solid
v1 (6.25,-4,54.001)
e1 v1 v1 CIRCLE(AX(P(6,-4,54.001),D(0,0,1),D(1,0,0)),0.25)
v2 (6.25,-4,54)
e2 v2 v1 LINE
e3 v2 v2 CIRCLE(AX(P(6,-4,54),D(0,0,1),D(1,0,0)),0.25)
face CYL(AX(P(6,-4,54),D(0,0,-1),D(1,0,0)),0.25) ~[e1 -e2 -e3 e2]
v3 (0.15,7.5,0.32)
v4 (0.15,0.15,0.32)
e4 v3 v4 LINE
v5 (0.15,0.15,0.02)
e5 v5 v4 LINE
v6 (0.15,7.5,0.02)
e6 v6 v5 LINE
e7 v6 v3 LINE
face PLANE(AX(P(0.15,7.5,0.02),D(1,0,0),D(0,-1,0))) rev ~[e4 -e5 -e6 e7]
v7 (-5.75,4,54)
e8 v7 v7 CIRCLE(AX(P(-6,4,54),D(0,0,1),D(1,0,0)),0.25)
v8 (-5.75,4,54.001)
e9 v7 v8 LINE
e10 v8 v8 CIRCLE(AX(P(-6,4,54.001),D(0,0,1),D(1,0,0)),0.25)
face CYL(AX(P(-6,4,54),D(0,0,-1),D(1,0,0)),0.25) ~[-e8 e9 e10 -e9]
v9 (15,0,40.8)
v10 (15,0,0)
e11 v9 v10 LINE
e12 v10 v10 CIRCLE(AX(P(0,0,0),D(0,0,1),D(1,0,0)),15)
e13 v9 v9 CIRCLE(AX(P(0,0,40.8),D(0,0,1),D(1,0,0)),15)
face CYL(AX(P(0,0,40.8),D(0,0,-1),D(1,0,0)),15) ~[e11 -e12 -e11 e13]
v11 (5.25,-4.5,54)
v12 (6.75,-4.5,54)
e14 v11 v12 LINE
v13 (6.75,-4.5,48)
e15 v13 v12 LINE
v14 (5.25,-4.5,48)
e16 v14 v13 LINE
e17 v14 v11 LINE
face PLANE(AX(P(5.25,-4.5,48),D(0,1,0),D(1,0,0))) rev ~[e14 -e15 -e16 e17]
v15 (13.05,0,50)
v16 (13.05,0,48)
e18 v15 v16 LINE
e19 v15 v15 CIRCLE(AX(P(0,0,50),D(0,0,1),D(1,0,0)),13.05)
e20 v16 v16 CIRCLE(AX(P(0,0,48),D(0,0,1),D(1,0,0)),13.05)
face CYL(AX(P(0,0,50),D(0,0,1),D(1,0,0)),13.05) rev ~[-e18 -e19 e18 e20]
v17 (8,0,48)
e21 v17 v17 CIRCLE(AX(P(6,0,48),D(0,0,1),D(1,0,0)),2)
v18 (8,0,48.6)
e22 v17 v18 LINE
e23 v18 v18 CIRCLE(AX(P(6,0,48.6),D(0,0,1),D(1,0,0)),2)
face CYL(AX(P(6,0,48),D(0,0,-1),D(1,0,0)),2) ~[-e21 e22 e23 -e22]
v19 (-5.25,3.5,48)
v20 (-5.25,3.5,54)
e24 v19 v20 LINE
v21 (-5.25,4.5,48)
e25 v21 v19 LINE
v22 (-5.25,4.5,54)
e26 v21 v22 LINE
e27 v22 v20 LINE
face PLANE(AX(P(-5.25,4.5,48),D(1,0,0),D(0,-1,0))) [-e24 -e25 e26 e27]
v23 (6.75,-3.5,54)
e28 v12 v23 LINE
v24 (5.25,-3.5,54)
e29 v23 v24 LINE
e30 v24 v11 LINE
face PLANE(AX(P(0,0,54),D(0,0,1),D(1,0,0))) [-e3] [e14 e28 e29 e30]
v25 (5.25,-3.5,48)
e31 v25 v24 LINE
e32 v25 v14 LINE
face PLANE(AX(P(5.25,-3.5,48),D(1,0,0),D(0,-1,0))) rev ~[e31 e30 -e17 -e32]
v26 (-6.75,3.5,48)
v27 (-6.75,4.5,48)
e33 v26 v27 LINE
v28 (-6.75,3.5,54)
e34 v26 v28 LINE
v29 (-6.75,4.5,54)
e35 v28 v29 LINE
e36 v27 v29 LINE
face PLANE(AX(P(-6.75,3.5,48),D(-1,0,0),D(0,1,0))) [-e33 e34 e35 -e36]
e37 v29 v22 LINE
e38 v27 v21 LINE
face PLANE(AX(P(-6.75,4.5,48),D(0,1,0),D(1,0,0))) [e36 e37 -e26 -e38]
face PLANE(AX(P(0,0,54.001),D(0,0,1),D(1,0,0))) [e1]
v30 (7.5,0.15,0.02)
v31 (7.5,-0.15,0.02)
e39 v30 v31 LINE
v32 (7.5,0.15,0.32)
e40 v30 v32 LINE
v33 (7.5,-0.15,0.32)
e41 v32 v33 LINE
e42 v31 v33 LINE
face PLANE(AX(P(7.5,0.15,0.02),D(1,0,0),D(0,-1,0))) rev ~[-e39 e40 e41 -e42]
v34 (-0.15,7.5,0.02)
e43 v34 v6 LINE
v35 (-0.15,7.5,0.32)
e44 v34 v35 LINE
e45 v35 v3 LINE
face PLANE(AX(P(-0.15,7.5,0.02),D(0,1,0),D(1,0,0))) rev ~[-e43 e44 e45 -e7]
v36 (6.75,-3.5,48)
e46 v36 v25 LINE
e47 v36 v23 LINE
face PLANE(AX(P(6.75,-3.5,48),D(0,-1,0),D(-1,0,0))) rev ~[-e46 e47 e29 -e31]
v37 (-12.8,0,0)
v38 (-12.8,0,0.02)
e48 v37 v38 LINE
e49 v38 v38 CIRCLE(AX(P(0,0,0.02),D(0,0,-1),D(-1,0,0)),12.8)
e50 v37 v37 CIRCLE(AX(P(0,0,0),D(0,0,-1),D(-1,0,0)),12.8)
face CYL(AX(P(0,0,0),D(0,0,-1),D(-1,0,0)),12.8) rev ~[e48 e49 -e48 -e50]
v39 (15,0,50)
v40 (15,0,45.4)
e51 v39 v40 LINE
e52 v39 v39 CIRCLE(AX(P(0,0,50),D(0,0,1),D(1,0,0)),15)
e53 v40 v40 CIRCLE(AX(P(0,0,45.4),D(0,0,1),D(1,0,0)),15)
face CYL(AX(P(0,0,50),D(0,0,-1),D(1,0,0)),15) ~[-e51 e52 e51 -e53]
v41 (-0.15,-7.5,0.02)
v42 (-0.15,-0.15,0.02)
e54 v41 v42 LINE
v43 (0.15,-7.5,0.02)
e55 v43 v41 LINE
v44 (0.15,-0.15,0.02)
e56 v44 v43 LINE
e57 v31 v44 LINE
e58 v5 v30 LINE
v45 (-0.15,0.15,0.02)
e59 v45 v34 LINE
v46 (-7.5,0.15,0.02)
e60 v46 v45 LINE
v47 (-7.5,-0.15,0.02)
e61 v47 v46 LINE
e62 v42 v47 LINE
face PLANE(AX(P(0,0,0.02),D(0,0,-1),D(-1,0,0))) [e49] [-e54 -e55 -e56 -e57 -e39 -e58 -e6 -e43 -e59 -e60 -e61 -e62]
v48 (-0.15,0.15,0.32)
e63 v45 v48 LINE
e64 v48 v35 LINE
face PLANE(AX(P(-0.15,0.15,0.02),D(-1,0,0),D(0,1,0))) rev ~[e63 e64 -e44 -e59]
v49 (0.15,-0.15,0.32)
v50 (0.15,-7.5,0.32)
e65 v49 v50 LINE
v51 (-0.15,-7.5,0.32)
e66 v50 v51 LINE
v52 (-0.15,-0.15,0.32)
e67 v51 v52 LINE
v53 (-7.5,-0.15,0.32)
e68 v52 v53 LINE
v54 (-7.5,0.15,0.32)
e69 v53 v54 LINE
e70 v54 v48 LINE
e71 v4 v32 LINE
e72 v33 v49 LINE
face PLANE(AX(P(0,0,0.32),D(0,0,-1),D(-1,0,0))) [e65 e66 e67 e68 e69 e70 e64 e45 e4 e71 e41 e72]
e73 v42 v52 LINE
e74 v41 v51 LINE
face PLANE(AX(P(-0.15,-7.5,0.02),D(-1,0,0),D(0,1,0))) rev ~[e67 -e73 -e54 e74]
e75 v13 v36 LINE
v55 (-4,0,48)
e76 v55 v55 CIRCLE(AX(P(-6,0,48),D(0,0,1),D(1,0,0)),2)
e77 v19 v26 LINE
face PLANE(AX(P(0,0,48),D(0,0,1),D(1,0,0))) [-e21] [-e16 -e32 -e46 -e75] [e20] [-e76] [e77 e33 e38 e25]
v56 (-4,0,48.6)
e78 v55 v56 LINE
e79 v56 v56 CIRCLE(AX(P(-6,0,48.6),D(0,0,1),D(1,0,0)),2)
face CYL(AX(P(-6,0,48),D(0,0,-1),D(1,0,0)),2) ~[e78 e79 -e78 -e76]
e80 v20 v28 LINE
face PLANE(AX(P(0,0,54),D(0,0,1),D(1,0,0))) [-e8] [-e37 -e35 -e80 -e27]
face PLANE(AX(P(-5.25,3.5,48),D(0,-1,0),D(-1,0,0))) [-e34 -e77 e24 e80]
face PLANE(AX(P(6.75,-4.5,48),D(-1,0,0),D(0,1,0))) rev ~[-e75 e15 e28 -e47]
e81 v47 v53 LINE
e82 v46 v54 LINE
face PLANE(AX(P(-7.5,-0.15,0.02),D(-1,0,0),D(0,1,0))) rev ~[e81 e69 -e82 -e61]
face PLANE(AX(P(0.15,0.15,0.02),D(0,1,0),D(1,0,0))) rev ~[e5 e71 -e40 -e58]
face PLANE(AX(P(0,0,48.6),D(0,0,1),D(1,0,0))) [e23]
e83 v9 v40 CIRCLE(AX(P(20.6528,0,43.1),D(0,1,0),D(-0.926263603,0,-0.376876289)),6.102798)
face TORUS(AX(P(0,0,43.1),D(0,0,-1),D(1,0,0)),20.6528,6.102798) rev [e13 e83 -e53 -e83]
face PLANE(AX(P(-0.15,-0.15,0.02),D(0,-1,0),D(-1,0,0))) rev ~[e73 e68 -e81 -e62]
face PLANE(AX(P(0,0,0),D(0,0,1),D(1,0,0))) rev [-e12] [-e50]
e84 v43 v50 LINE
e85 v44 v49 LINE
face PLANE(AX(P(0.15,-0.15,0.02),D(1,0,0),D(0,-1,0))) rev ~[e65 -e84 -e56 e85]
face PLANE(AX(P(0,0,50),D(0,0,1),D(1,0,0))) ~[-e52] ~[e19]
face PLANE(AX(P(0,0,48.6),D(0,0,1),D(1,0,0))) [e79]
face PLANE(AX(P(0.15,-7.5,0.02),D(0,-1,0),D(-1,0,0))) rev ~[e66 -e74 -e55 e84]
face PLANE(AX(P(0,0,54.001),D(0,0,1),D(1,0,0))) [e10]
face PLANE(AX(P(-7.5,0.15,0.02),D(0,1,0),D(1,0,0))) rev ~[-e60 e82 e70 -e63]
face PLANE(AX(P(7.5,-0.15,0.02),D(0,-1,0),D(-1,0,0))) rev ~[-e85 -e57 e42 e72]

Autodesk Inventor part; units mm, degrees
ref_plane "YZ Plane" through (0, 0, 0) normal (1, 0, 0) x (0, 1, 0)
ref_plane "XZ Plane" through (0, 0, 0) normal (0, 1, 0) x (-1, 0, 0)
sketch "Skizze1" plane through (0, 0, 0) normal (0, 1, 0) x (-1, 0, 0)
  line L0 (0, 0) -> (0, 50)
  line L1 (0, 50) -> (-15, 50)
  line L2 (-15, 50) -> (-15, 45.4)
  line L3 (-15, 40.8) -> (-15, 0)
  arc A0 (-15, 40.8) -> (-15, 45.4) centre (-20.6528, 43.1) ccw
  line L4 (0, 0) -> (-15, 0)
  line L5 (0, -10) -> (0, 60) projected
  dimension "d0" = 50
  dimension "d1" = 15
  dimension "d2" = 4.6
  dimension "d72" = 14.55
  dimension "d73" = 4.6
revolve "Umdrehung1" add sketch "Skizze1" angle 360 about axis through (0, 0, -10) along (0, 0, 1)
sketch "Skizze3" plane through (0, 0, 50) normal (0, 0, 1) x (1, 0, 0)
  circle A0 centre (0, 0) radius 13.05
  dimension "d10" = 26.1
extrude "Extrusion2" cut sketch "Skizze3" against normal blind 2
sketch "Skizze7" plane through (0, 0, 0) normal (0, 0, -1) x (-1, 0, 0)
  circle A0 centre (0, 0) radius 12.8
  dimension "d19" = 25.6
extrude "Extrusion4" cut sketch "Skizze7" against normal blind 0.02
sketch "Skizze17" plane through (0, 0, 48) normal (0, 0, 1) x (1, 0, 0)
  line L0 (-4.2414, 0) -> (6, 0) construction
  line L1 (6, 0) -> (-6, 0) construction
  line L2 (6, 0) -> (6, -3.5) construction
  line L3 (-6, 0) -> (-6, 3.5) construction
  line L4 (-6, 3.5) -> (6, -3.5) construction
  circle A0 centre (-6, 0) radius 2
  circle A1 centre (6, 0) radius 2
  line L5 (-6.75, 4.5) -> (-5.25, 4.5)
  line L6 (-5.25, 4.5) -> (-5.25, 3.5)
  line L7 (-5.25, 3.5) -> (-6.75, 3.5)
  line L8 (-6.75, 3.5) -> (-6.75, 4.5)
  line L9 (6.75, -3.5) -> (5.25, -3.5)
  line L10 (5.25, -3.5) -> (5.25, -4.5)
  line L11 (5.25, -4.5) -> (6.75, -4.5)
  line L12 (6.75, -4.5) -> (6.75, -3.5)
  point P0 (0, 0)
  point P1 (0, 0)
  dimension "d54" = 12
  dimension "d55" = 3.5
  dimension "d56" = 3.5
  dimension "d57" = 4
  dimension "d58" = 4
  dimension "d59" = 1.5
  dimension "d60" = 1
  dimension "d61" = 1.5
  dimension "d62" = 1
extrude "Extrusion8" add sketch "Skizze17" along normal blind 0.6 contours A0 | A1
sketch "Skizze18" plane through (0, 0, 48) normal (0, 0, 1) x (1, 0, 0)
  line L0 (-6.75, 4.5) -> (-5.25, 4.5)
  line L1 (-5.25, 4.5) -> (-5.25, 3.5)
  line L2 (-5.25, 3.5) -> (-6.75, 3.5)
  line L3 (-6.75, 3.5) -> (-6.75, 4.5)
  line L4 (6.75, -3.5) -> (5.25, -3.5)
  line L5 (5.25, -3.5) -> (5.25, -4.5)
  line L6 (5.25, -4.5) -> (6.75, -4.5)
  line L7 (6.75, -4.5) -> (6.75, -3.5)
  point P0 (0, 0)
  point P1 (-6, 3.5)
  point P2 (6, -3.5)
  dimension "d66" = 1.5
  dimension "d67" = 1
  dimension "d68" = 1.5
  dimension "d69" = 1
extrude "Extrusion9" add sketch "Skizze18" along normal blind 6
sketch "Skizze9" plane through (0, 0, 0.02) normal (0, 0, -1) x (-1, 0, 0)
  line L0 (-7.5, 0) -> (7.5, 0) construction
  line L1 (0, 4.0384) -> (0, 7.5) construction
  line L2 (0, 7.5) -> (0, -7.5) construction
  line L3 (0.15, 7.5) -> (-0.15, 7.5)
  line L4 (-0.15, 7.5) -> (-0.15, 0.15)
  line L5 (-0.15, 0.15) -> (-7.5, 0.15)
  line L6 (-7.5, 0.15) -> (-7.5, -0.15)
  line L7 (-7.5, -0.15) -> (-0.15, -0.15)
  line L8 (-0.15, -0.15) -> (-0.15, -7.5)
  line L9 (-0.15, -7.5) -> (0.15, -7.5)
  line L10 (0.15, -7.5) -> (0.15, -0.15)
  line L11 (0.15, -0.15) -> (7.5, -0.15)
  line L12 (7.5, -0.15) -> (7.5, 0.15)
  line L13 (7.5, 0.15) -> (0.15, 0.15)
  line L14 (0.15, 0.15) -> (0.15, 7.5)
  point P0 (0, 0)
  point P1 (0, 0)
  dimension "d23" = 15
  dimension "d24" = 15
  dimension "d74" = 0.3
extrude "Extrusion10" cut sketch "Skizze9" against normal blind 0.3
sketch "Skizze19" plane through (0, 0, 54) normal (0, 0, 1) x (1, 0, 0)
  line L0 (6.75, -3.5) -> (5.25, -3.5) projected
  line L1 (6.75, -3.5) -> (5.25, -3.5) projected
  line L2 (5.25, -3.5) -> (5.25, -4.5) projected
  line L3 (5.25, -4.5) -> (6.75, -4.5) projected
  line L4 (6.75, -4.5) -> (6.75, -3.5) projected
  line L5 (5.25, -3.5) -> (6.75, -4.5) construction
  circle A0 centre (6, -4) radius 0.25
  line L6 (-5.25, 3.5) -> (-5.25, 4.5) projected
  line L7 (-5.25, 4.5) -> (-6.75, 4.5) projected
  line L8 (-6.75, 4.5) -> (-6.75, 3.5) projected
  line L9 (-6.75, 3.5) -> (-5.25, 3.5) projected
  line L10 (-5.25, 4.5) -> (-6.75, 4.5) construction
  line L11 (-6.75, 4.5) -> (-5.25, 3.5) construction
  circle A1 centre (-6, 4) radius 0.25
  point P0 (0, 0)
  dimension "d77" = 0.5
  dimension "d78" = 0.5
extrude "Extrusion11" add sketch "Skizze19" along normal blind 0.001 contours A0 | A1
ref_plane "Arbeitsebene1" through (-6, 4, 54.001) normal (0.5547, 0.8321, 0) x (0, 0, 1)
properties part number "capacitor (LGN2X151MELB50)"
